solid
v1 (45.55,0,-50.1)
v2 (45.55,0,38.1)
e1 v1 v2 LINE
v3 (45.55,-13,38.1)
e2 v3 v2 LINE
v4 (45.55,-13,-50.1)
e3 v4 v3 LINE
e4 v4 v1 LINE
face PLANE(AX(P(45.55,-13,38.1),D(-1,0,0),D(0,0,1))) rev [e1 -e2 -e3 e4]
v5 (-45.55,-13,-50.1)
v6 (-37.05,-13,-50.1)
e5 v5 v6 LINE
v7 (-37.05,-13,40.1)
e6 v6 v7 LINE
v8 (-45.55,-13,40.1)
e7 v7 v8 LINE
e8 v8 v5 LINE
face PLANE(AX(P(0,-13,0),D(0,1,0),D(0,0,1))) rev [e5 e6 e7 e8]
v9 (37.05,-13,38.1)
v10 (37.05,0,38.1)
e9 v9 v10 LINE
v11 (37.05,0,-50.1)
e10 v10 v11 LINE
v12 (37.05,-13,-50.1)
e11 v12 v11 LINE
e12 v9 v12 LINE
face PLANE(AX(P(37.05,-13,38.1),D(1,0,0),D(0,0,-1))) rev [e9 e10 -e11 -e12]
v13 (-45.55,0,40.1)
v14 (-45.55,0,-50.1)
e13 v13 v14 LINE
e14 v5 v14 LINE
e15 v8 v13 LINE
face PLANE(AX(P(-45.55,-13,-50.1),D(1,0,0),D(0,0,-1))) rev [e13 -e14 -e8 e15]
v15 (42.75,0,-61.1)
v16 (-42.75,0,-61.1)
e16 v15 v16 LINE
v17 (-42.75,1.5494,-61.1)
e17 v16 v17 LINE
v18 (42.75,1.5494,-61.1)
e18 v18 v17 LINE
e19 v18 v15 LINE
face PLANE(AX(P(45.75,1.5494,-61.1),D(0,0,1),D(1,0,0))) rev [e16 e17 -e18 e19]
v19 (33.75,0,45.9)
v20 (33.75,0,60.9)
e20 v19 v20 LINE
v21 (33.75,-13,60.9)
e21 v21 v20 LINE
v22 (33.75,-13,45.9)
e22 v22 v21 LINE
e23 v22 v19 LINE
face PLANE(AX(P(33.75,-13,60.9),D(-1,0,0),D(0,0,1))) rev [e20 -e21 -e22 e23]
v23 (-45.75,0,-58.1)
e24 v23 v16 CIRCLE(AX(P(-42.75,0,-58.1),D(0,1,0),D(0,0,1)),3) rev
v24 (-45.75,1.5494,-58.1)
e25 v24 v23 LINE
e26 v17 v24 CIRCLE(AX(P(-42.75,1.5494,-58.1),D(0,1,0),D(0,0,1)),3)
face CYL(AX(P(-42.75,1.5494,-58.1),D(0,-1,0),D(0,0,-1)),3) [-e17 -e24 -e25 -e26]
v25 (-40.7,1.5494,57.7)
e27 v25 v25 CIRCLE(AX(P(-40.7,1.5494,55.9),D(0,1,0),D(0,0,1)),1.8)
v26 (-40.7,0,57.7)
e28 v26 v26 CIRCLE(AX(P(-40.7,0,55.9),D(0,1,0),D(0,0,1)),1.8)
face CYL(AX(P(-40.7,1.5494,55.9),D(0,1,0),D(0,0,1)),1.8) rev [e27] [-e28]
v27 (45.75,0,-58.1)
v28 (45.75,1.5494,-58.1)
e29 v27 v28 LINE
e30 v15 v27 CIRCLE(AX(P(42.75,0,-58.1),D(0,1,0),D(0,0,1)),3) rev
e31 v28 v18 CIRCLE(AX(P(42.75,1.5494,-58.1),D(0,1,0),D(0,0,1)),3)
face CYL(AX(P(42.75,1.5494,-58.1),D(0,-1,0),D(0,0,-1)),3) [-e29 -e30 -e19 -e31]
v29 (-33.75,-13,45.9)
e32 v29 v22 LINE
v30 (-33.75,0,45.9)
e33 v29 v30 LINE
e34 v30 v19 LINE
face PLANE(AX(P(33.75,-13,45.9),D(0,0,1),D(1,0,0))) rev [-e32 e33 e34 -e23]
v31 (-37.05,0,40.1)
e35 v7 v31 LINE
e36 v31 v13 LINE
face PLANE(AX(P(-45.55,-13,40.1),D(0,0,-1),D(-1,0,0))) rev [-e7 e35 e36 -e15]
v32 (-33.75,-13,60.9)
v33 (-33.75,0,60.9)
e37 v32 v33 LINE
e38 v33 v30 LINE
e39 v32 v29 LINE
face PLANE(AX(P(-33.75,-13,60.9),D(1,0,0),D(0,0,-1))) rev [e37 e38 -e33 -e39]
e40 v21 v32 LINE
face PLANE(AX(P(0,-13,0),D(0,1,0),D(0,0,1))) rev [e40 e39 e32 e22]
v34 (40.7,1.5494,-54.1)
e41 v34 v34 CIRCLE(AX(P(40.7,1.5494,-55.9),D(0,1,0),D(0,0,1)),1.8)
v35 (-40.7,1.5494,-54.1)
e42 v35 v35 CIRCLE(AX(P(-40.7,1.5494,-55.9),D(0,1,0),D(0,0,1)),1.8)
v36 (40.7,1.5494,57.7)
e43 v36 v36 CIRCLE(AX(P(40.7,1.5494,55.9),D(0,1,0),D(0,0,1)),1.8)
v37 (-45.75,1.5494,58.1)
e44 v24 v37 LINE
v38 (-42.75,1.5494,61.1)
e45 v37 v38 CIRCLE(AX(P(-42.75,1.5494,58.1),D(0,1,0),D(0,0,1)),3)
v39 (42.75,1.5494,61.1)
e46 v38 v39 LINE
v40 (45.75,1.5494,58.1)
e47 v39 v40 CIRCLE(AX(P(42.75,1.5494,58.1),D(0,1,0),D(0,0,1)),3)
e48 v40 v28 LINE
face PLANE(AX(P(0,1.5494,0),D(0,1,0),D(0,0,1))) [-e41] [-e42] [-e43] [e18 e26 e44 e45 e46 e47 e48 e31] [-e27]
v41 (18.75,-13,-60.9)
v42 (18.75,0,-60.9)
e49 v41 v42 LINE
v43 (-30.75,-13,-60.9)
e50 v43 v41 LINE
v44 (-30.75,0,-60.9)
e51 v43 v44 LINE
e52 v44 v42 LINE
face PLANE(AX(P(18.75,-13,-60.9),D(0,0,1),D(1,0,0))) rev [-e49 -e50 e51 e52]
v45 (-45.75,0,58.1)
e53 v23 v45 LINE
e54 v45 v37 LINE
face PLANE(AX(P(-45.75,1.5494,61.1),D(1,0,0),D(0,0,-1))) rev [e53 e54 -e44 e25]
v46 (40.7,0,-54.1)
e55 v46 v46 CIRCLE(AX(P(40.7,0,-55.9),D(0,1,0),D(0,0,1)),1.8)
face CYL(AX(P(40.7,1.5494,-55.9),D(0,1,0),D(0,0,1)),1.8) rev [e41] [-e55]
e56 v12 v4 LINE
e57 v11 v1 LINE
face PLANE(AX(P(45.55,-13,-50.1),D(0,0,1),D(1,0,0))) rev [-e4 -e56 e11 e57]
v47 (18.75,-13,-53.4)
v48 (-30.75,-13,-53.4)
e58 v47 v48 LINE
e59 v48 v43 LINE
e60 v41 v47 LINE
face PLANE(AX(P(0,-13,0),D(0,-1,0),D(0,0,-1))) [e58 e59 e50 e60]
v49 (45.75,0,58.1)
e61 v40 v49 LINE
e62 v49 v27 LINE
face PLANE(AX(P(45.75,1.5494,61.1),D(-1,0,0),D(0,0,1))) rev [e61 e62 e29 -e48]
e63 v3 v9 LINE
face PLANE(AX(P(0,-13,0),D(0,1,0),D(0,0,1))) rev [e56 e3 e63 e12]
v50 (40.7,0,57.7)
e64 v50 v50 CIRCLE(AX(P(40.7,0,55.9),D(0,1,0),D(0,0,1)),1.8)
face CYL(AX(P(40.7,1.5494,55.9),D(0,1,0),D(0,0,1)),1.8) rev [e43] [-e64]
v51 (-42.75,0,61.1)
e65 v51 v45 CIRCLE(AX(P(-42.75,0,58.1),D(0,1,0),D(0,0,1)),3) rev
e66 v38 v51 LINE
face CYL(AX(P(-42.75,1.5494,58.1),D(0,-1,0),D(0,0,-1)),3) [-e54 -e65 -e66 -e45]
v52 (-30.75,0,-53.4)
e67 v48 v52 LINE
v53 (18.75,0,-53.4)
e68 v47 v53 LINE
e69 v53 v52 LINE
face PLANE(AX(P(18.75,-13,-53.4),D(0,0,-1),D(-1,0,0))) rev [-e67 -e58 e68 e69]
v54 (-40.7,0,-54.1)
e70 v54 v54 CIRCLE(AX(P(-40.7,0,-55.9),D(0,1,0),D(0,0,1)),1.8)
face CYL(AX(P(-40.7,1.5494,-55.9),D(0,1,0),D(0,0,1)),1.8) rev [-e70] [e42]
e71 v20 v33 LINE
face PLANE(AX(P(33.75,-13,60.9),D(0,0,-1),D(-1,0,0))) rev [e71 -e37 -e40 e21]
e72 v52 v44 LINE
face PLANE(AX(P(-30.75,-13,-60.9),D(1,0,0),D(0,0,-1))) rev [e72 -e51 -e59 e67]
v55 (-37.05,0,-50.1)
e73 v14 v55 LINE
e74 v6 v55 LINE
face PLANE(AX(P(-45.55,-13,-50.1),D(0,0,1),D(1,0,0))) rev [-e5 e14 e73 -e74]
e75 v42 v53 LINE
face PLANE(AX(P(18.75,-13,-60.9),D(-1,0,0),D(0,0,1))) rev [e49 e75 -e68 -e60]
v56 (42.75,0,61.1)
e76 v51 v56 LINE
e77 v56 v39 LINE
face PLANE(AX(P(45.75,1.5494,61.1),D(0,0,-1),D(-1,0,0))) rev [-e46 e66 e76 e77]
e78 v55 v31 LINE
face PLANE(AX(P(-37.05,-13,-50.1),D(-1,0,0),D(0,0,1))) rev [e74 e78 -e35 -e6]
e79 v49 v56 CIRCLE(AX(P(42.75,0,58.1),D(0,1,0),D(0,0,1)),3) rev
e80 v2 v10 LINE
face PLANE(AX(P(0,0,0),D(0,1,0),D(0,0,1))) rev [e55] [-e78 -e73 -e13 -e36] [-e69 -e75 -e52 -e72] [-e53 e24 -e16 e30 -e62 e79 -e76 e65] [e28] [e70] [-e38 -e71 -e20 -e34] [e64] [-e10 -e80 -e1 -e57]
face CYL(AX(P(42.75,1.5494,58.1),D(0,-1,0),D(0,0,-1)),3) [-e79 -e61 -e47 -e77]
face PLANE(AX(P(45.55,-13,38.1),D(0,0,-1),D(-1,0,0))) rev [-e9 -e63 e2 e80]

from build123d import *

# Parameters (mm, degrees)
SKETCH1_W                = 91.5
SKETCH1_H                = 122.2
BOSS_EXTRUDE1_DEPTH      = 1.5494
M3_CLEARANCE_HOLE1_D     = 3.6
M3_CLEARANCE_HOLE1_DEPTH = 12
FILLET1_R                = 3
SKETCH4_W                = 8.5
SKETCH4_H                = 88.2
SKETCH4_W_2              = 49.5
SKETCH4_H_2              = 7.5
SKETCH4_H_3              = 90.2
SKETCH4_W_3              = 67.5
SKETCH4_H_4              = 15
BOSS_EXTRUDE2_DEPTH      = 13


with BuildPart() as part:
    # Sketch1 → Boss-Extrude1 (new body)
    with BuildSketch(Plane(origin=(0, 0, 0), x_dir=(1, 0, 0), z_dir=(0, 1, 0))):
        Rectangle(SKETCH1_W, SKETCH1_H)
    extrude(amount=BOSS_EXTRUDE1_DEPTH)

    # M3 Clearance Hole1
    with Locations(Plane(origin=(0, 1.5494, 0), x_dir=(1, 0, 0), z_dir=(0, 1, 0))):
        with Locations((-40.7, 55.9), (40.7, -55.9), (40.7, 55.9), (-40.7, -55.9)):
            Hole(M3_CLEARANCE_HOLE1_D / 2, depth=M3_CLEARANCE_HOLE1_DEPTH)

    # Fillet1
    fillet1_edges = [part.edges().sort_by_distance(p)[0] for p in [
        (-45.75, 0.7747, -61.1),
        (45.75, 0.7747, -61.1),
        (45.75, 0.7747, 61.1),
        (-45.75, 0.7747, 61.1),
    ]]
    fillet(fillet1_edges, radius=FILLET1_R)

    # Sketch4 → Boss-Extrude2 (add)
    with BuildSketch(Plane.XZ):
        with Locations((41.3, -6)):
            Rectangle(SKETCH4_W, SKETCH4_H)
        with Locations((-6, -57.15)):
            Rectangle(SKETCH4_W_2, SKETCH4_H_2)
        with Locations((-41.3, -5)):
            Rectangle(SKETCH4_W, SKETCH4_H_3)
        with Locations((0, 53.4)):
            Rectangle(SKETCH4_W_3, SKETCH4_H_4)
    extrude(amount=BOSS_EXTRUDE2_DEPTH)


solid = part.part
